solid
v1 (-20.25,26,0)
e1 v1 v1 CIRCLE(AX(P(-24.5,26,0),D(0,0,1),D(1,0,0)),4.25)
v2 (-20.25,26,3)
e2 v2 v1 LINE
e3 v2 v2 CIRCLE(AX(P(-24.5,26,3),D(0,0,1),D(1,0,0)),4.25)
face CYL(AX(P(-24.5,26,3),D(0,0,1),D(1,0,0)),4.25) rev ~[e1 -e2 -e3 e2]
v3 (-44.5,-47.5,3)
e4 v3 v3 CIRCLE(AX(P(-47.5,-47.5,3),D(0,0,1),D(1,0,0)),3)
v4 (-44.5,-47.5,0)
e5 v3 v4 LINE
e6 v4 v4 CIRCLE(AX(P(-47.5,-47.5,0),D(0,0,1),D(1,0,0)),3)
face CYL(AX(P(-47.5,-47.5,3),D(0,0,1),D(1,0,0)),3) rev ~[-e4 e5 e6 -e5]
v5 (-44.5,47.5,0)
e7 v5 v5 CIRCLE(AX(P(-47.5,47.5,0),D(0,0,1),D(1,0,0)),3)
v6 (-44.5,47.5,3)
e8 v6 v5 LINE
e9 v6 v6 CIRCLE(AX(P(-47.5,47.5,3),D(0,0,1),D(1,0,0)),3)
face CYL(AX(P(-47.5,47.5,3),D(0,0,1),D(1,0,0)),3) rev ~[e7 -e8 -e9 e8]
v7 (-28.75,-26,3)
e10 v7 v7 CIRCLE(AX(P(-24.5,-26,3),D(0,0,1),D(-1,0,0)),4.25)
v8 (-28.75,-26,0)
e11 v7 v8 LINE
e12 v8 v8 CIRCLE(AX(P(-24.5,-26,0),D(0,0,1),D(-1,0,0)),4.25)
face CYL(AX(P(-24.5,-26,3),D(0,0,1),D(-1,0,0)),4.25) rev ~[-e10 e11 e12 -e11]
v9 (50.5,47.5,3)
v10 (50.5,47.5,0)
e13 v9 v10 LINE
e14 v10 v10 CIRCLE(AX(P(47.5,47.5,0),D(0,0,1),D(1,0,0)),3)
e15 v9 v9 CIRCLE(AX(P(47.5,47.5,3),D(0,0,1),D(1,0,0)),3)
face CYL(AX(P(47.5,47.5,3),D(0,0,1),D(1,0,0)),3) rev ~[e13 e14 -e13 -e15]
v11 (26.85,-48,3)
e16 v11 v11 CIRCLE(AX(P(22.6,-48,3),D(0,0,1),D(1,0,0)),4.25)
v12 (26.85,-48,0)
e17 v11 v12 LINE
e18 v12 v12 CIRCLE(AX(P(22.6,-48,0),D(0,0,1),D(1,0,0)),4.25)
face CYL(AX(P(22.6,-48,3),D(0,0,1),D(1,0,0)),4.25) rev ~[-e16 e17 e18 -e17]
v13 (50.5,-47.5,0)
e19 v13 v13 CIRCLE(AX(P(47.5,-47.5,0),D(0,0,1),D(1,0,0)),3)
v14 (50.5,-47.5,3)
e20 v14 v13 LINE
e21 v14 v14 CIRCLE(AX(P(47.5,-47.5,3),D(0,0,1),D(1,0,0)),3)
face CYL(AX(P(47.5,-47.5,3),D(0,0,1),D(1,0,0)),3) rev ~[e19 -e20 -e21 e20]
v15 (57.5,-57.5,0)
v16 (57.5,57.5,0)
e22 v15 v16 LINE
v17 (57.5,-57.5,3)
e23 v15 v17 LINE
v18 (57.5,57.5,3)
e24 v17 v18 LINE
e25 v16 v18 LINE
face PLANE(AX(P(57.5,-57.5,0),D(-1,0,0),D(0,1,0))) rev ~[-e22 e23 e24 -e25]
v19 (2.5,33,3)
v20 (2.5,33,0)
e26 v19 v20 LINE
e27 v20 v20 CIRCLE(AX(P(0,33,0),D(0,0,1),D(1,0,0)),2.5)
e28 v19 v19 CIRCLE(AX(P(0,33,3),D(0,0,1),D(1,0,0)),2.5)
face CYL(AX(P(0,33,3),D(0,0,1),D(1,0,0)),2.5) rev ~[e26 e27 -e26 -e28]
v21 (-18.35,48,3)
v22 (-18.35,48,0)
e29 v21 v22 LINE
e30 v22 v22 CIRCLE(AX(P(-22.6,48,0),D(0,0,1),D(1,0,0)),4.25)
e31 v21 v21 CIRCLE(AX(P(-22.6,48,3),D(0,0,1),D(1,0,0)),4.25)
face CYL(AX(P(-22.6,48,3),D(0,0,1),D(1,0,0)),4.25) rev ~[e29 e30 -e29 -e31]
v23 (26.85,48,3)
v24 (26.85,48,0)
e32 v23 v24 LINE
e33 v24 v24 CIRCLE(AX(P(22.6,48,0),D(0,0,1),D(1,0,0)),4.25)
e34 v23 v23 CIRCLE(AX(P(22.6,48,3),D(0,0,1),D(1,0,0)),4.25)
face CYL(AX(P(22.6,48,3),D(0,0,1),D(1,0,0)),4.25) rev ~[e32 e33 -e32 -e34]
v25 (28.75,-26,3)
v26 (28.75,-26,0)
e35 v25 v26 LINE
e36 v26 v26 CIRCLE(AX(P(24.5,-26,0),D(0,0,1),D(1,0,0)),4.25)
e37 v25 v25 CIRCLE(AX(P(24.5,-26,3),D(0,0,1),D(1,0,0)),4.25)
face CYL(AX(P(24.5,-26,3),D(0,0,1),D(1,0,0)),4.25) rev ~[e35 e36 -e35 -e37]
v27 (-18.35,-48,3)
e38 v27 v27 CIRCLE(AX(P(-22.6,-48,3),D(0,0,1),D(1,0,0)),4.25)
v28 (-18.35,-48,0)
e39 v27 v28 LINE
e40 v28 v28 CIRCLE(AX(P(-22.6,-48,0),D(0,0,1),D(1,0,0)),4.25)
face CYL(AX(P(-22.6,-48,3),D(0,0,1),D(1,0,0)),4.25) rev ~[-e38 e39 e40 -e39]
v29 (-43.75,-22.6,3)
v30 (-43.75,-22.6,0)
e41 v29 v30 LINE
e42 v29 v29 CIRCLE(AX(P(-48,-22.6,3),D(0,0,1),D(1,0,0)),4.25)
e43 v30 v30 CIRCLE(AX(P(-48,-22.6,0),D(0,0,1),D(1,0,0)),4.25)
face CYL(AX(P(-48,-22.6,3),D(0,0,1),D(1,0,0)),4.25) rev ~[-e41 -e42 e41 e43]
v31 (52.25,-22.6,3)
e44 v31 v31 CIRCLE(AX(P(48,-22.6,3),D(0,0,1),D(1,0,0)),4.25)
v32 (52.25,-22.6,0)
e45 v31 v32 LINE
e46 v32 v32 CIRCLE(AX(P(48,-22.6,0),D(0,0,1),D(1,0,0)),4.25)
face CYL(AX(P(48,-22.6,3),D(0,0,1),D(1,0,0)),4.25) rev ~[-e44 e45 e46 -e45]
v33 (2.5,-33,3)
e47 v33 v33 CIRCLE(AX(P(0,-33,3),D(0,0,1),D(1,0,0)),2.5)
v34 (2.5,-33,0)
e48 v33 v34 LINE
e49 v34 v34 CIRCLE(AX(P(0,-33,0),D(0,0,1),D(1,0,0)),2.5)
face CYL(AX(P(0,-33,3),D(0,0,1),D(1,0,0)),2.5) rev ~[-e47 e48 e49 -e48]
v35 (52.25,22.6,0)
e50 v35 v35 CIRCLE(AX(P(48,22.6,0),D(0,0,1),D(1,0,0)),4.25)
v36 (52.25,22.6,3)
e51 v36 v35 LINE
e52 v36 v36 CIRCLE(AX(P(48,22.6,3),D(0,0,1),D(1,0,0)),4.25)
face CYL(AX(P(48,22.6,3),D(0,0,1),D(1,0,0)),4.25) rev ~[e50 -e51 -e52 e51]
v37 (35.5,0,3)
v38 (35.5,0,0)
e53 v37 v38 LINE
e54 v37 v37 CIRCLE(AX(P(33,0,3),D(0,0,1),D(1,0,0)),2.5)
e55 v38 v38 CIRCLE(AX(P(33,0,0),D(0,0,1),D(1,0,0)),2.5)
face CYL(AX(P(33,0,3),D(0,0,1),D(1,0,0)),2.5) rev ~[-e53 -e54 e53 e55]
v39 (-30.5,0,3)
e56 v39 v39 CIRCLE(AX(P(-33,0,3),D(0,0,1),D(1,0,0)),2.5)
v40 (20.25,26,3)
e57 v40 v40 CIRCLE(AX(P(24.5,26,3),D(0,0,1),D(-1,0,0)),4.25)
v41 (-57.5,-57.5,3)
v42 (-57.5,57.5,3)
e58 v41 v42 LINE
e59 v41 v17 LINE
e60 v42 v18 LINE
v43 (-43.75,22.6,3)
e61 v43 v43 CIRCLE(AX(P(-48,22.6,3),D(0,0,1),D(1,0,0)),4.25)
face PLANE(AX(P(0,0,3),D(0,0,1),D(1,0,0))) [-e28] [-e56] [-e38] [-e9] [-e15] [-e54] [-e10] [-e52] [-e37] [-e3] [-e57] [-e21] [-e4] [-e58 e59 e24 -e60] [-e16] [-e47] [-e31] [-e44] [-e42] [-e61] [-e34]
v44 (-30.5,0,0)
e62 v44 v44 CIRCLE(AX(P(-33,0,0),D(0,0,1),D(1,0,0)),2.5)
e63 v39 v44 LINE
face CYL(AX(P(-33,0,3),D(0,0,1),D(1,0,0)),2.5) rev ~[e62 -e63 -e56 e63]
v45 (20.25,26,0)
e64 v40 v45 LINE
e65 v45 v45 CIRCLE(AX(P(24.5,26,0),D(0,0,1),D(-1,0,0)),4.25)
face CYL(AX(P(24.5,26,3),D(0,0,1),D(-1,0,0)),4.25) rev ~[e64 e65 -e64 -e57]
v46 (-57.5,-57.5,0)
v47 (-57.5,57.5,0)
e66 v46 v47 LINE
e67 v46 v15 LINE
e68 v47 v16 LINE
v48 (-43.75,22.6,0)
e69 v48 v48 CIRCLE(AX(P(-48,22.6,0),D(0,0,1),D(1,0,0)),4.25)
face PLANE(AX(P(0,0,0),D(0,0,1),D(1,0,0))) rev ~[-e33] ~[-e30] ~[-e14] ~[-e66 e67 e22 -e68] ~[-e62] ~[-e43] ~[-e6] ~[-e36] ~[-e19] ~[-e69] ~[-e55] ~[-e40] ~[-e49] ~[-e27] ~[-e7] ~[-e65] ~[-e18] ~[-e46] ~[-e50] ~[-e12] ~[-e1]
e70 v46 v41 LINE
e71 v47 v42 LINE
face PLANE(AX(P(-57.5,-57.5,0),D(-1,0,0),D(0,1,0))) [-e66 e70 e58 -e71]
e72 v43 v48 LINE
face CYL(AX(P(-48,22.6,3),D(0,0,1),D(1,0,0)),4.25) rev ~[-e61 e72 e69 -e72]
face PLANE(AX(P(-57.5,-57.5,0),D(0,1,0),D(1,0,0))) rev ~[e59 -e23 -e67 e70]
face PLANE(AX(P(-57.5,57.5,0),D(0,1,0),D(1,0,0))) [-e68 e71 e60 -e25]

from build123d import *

# Parameters (mm, degrees)
SKETCH_1_W          = 115
SKETCH_1_H          = 115
EXTRUDE_1_DEPTH     = 3
SKETCH_3_R          = 3
CUT_EXTRUDE_2_DEPTH = 82.372599811
SKETCH_4_R          = 4.25
SKETCH_4_R_2        = 2.5
CUT_EXTRUDE_3_DEPTH = 3
SKETCH_5_R          = 4.25
CUT_EXTRUDE_4_DEPTH = 3


with BuildPart() as part:
    # 草图1 → 凸台-拉伸1 (new body)
    with BuildSketch(Plane.XY):
        Rectangle(SKETCH_1_W, SKETCH_1_H)
    extrude(amount=EXTRUDE_1_DEPTH)

    # 草图3 → 切除-拉伸2 (cut, through all)
    with BuildSketch(Plane.XY.offset(3)):
        with Locations((-47.5, 47.5)):
            Circle(SKETCH_3_R)
        with Locations((47.5, 47.5)):
            Circle(SKETCH_3_R)
        with Locations((47.5, -47.5)):
            Circle(SKETCH_3_R)
        with Locations((-47.5, -47.5)):
            Circle(SKETCH_3_R)
    extrude(amount=-CUT_EXTRUDE_2_DEPTH, mode=Mode.SUBTRACT)

    # 草图4 → 切除-拉伸3 (cut)
    with BuildSketch(Plane.XY.offset(3)):
        with Locations((-22.6, -48)):
            Circle(SKETCH_4_R)
        with Locations((22.6, -48)):
            Circle(SKETCH_4_R)
        with Locations((-48, -22.6)):
            Circle(SKETCH_4_R)
        with Locations((-48, 22.6)):
            Circle(SKETCH_4_R)
        with Locations((48, -22.6)):
            Circle(SKETCH_4_R)
        with Locations((48, 22.6)):
            Circle(SKETCH_4_R)
        with Locations((22.6, 48)):
            Circle(SKETCH_4_R)
        with Locations((-22.6, 48)):
            Circle(SKETCH_4_R)
        with Locations((-33, 0)):
            Circle(SKETCH_4_R_2)
        with Locations((0, -33)):
            Circle(SKETCH_4_R_2)
        with Locations((0, 33)):
            Circle(SKETCH_4_R_2)
        with Locations((33, 0)):
            Circle(SKETCH_4_R_2)
    extrude(amount=-CUT_EXTRUDE_3_DEPTH, mode=Mode.SUBTRACT)

    # 草图5 → 切除-拉伸4 (cut)
    with BuildSketch(Plane.XY.offset(3)):
        with Locations((-24.5, 26)):
            Circle(SKETCH_5_R)
        with Locations(Location((-24.5, -26, 0), (0, 0, 180))):
            Circle(SKETCH_5_R)
        with Locations(Location((24.5, 26, 0), (0, 0, 180))):
            Circle(SKETCH_5_R)
        with Locations((24.5, -26)):
            Circle(SKETCH_5_R)
    extrude(amount=-CUT_EXTRUDE_4_DEPTH, mode=Mode.SUBTRACT)


solid = part.part
